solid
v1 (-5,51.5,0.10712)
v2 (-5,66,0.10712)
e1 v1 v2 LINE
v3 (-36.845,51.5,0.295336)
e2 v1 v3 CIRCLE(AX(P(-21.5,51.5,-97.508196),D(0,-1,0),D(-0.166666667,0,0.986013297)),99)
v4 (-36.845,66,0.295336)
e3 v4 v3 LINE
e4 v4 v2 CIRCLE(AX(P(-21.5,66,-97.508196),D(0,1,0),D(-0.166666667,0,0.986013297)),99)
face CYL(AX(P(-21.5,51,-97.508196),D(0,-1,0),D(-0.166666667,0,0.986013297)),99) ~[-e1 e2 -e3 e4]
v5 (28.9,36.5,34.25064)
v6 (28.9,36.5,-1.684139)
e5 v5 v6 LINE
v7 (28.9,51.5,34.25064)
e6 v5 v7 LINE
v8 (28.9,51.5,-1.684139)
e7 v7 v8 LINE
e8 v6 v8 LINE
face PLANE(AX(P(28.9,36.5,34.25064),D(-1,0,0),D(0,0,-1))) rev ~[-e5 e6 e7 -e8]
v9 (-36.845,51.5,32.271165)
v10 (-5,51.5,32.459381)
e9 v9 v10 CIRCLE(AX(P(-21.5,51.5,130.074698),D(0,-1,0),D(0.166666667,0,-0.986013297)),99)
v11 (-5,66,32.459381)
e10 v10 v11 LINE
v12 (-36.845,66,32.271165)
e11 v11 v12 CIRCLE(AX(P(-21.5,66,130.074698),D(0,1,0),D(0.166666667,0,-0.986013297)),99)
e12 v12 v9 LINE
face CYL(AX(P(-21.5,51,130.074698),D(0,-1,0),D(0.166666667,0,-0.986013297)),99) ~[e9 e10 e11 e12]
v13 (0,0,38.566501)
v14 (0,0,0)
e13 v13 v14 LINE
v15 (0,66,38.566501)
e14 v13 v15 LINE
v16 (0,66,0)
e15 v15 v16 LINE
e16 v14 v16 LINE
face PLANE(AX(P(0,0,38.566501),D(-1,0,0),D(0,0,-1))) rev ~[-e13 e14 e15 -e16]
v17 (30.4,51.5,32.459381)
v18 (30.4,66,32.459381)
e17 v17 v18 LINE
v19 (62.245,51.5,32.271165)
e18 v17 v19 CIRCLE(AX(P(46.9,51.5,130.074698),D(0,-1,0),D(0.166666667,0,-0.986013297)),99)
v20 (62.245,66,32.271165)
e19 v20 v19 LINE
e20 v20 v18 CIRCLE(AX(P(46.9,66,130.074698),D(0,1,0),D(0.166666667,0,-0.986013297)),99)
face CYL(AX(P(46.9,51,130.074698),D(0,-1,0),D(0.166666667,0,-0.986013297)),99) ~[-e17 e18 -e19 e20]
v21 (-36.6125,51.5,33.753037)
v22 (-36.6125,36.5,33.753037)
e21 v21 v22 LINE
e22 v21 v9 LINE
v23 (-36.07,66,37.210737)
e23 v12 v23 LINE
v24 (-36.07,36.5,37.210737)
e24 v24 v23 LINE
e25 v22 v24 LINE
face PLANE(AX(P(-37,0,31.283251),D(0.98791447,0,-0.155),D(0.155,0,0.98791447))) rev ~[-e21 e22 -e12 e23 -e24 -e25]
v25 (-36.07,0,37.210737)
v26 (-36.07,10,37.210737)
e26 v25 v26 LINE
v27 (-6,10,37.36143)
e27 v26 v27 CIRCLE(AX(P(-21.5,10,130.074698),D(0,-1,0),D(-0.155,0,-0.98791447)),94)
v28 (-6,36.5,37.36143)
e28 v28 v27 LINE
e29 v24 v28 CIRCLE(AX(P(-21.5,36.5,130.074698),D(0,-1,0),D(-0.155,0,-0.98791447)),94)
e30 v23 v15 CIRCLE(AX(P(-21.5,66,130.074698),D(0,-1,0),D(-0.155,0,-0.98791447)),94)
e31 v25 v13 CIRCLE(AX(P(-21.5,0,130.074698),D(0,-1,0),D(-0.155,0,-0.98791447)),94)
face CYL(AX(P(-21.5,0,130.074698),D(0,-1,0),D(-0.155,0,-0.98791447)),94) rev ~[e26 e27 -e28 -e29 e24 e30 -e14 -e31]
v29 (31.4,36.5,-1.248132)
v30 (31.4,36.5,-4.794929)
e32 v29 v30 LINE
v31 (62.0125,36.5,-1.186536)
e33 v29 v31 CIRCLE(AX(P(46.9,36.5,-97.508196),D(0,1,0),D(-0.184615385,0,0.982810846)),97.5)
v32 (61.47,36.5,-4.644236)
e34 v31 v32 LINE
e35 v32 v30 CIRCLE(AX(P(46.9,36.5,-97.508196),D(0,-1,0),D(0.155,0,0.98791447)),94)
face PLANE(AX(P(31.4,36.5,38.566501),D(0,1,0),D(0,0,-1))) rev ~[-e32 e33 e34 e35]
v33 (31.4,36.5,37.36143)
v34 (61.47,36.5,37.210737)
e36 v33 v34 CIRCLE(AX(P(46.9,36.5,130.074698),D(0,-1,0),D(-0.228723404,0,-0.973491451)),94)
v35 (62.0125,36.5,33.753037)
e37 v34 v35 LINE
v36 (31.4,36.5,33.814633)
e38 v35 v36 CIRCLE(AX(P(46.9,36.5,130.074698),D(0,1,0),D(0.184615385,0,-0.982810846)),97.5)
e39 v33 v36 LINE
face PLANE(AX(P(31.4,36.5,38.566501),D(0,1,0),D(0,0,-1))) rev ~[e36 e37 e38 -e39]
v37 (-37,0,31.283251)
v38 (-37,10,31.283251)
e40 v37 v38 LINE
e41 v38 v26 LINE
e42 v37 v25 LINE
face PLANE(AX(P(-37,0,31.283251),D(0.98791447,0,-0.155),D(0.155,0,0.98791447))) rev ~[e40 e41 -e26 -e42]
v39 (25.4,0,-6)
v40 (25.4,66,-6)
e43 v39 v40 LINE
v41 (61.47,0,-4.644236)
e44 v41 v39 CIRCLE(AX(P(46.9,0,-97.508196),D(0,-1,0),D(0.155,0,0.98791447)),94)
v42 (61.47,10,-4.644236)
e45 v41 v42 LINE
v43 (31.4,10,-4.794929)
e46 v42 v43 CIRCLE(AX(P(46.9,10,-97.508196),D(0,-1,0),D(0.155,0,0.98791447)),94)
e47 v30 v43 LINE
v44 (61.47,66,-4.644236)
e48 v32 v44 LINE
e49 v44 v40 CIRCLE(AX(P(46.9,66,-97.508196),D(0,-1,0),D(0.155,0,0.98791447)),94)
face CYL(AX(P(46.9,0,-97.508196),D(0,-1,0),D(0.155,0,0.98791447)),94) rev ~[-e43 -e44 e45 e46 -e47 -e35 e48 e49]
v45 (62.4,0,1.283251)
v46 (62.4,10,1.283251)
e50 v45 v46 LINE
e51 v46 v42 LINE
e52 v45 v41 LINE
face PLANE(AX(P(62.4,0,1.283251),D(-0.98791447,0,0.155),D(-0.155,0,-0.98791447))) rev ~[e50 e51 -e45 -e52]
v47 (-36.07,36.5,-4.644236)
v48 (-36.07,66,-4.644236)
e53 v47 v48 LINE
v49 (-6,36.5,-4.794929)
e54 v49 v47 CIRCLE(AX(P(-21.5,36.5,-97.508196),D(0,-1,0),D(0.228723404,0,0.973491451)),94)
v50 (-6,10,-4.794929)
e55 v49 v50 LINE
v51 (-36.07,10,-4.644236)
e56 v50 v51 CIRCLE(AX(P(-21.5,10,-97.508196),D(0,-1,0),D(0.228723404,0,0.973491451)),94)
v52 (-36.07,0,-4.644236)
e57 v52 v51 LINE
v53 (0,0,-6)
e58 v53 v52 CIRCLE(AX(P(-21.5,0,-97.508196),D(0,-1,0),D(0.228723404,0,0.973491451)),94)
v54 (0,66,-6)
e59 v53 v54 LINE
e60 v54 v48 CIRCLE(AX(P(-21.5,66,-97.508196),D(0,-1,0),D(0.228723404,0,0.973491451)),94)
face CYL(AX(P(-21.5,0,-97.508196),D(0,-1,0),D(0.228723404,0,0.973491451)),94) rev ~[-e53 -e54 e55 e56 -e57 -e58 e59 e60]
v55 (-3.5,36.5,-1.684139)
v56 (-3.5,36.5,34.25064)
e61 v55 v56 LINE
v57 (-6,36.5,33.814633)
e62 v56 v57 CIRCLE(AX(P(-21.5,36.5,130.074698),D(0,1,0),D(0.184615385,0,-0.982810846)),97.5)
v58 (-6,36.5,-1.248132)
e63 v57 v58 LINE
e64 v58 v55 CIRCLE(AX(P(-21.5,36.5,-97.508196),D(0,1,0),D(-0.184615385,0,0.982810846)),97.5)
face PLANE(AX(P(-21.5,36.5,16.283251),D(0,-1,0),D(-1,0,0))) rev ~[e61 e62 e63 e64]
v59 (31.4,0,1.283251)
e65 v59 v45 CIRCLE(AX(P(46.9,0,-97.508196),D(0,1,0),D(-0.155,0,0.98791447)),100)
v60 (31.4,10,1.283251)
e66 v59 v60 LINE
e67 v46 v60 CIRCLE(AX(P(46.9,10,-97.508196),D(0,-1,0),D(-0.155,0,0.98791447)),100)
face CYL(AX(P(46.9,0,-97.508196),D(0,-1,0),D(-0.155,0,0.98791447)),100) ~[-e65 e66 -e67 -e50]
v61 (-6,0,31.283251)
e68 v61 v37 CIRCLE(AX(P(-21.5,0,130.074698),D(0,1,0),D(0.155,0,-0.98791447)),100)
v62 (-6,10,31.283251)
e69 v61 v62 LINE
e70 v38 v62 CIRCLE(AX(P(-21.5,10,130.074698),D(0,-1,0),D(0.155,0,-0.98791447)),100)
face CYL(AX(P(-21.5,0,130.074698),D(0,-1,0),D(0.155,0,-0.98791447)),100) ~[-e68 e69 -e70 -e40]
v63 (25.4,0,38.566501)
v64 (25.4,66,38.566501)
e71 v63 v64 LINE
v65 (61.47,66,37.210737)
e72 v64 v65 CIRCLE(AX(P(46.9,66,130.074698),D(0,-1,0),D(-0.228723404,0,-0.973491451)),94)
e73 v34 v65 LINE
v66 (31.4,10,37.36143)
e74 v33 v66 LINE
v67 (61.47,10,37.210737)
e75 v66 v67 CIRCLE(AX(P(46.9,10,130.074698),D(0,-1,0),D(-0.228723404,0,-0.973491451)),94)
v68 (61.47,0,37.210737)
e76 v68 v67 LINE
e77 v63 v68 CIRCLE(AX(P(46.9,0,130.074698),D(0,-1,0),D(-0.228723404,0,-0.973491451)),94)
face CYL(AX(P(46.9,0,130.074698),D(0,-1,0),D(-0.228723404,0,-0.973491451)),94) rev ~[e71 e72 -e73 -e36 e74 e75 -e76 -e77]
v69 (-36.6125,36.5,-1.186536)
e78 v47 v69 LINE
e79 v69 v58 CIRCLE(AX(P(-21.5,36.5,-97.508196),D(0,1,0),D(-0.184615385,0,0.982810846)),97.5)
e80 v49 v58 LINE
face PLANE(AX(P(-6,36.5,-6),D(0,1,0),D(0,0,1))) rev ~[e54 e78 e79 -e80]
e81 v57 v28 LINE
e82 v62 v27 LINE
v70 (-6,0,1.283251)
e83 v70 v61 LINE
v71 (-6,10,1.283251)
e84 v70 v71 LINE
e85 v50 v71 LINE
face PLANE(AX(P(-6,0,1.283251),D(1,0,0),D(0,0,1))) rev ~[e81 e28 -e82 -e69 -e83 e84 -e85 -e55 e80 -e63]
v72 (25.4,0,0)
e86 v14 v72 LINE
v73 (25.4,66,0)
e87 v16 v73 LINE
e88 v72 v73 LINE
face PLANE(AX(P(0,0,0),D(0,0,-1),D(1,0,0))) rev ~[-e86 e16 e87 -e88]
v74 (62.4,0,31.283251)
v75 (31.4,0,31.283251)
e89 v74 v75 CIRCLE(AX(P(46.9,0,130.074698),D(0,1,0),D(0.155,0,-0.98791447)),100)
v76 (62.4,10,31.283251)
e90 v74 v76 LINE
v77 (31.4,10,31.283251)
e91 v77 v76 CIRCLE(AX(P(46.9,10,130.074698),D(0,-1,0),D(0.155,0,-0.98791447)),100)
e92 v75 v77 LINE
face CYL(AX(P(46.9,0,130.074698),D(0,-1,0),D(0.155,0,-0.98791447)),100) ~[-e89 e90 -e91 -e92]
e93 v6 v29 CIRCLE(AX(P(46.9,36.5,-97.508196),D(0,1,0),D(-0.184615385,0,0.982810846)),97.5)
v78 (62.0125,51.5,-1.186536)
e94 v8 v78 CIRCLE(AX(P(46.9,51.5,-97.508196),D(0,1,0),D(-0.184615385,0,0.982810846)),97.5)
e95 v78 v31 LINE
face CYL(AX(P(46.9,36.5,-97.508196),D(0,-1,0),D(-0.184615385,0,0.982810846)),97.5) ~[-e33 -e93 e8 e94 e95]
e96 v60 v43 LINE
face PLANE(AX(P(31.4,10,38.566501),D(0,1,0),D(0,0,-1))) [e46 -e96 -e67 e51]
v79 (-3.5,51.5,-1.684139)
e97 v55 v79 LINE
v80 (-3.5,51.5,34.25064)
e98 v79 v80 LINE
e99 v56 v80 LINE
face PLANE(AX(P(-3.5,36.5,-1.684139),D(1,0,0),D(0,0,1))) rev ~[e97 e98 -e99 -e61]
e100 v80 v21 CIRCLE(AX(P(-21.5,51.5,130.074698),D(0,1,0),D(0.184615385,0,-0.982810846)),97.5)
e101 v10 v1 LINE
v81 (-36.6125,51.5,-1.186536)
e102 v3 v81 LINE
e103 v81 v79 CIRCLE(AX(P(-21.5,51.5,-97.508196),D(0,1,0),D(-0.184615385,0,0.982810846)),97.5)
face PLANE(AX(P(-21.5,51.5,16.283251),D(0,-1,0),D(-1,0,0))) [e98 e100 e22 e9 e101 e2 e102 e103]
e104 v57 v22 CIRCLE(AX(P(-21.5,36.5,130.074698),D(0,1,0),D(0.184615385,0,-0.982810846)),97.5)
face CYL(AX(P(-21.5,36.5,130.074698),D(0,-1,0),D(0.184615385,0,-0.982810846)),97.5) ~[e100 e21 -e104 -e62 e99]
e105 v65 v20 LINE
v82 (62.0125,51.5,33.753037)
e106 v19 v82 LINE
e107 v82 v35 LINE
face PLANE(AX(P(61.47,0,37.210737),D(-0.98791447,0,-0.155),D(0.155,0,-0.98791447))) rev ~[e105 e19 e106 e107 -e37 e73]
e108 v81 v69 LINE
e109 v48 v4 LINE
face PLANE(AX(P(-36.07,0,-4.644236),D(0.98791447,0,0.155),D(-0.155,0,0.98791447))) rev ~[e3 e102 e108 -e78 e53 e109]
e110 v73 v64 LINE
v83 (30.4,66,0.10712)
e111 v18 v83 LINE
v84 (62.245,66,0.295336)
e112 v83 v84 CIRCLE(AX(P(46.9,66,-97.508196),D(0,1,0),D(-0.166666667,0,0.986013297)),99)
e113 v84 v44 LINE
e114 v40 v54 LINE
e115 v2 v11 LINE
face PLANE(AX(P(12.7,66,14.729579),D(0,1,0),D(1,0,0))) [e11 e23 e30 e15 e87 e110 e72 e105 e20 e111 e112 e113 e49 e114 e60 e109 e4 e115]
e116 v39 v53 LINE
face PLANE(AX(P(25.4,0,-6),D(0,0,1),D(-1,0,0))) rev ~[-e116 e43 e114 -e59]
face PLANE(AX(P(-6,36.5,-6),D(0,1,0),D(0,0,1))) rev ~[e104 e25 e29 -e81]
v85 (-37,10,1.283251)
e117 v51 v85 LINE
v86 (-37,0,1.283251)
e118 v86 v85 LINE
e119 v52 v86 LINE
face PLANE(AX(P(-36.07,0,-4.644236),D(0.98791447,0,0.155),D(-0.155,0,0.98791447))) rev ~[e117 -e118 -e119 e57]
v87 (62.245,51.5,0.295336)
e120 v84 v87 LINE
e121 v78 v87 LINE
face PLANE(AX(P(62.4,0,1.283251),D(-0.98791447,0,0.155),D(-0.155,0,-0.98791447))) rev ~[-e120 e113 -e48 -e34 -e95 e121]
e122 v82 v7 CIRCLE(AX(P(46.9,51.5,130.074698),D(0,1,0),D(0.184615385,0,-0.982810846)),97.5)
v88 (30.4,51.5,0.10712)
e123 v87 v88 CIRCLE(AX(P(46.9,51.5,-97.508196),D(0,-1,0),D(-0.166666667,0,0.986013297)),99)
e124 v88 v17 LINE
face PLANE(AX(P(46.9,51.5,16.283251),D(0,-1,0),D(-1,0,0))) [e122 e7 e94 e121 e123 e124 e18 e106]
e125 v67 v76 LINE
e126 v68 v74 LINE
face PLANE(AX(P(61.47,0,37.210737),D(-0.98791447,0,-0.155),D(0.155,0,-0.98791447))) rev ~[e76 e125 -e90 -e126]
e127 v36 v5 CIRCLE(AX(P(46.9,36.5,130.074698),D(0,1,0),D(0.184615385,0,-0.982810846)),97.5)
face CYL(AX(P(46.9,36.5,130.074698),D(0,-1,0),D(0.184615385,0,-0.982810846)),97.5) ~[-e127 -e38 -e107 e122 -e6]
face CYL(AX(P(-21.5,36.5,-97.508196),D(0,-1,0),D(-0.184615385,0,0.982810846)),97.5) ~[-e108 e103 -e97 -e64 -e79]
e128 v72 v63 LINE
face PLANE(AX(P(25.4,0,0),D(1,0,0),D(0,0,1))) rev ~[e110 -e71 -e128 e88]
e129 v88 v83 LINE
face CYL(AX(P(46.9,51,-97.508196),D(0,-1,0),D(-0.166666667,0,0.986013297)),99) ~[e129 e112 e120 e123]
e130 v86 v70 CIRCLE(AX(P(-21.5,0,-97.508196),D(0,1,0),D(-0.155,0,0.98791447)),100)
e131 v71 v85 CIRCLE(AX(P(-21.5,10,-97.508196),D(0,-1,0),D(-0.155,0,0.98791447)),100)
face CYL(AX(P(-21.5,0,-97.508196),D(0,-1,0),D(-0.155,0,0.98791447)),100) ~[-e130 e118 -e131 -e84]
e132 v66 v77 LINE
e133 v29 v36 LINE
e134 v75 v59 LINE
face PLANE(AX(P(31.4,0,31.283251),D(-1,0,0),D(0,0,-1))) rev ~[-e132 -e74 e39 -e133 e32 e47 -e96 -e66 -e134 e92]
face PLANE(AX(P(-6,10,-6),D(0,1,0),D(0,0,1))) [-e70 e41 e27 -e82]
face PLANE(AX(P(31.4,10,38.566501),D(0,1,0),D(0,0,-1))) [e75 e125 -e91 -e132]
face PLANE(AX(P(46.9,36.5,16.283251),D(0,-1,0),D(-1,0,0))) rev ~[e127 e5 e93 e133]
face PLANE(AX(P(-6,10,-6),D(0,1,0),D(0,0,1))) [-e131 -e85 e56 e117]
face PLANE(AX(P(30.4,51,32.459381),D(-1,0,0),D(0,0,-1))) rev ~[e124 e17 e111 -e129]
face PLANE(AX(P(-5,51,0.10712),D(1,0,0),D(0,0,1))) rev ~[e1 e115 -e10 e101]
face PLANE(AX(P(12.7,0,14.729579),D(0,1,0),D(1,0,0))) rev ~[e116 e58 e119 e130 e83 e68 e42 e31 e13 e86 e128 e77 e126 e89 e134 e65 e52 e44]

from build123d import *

# Parameters (mm, degrees)
BOSS_EXTRUDE1_DEPTH = 66
CUT_EXTRUDE1_START  = -15
CUT_EXTRUDE1_DEPTH  = 15
CUT_EXTRUDE2_START  = -14.5
CUT_EXTRUDE2_DEPTH  = 15
SKETCH4_W           = 44.566501288
SKETCH4_H           = 26.5
CUT_EXTRUDE3_DEPTH  = 103.576483765
SKETCH5_W           = 44.566501288
SKETCH5_H           = 26.5
CUT_EXTRUDE4_DEPTH  = 103.576483765


with BuildPart() as part:
    # Sketch1 → Boss-Extrude1 (new body)
    with BuildSketch(Plane(origin=(0, 0, 0), x_dir=(1, 0, 0), z_dir=(0, 1, 0))):
        with BuildLine():
            Line((-6, -1.283250644), (-6, -31.283250644))
            ThreePointArc((-6, -31.283250644), (-21.5, -30.074697642), (-37, -31.283250644))
            Line((-37, -31.283250644), (-36.07, -37.210737464))
            ThreePointArc((-36.07, -37.210737464), (-17.969313256, -36.14102822), (0, -38.566501288))
            Line((0, -38.566501288), (0, 0))
            Line((0, 0), (25.4, 0))
            Line((25.4, 0), (25.4, -38.566501288))
            ThreePointArc((25.4, -38.566501288), (43.369313256, -36.14102822), (61.47, -37.210737464))
            Line((61.47, -37.210737464), (62.4, -31.283250644))
            ThreePointArc((62.4, -31.283250644), (46.9, -30.074697642), (31.4, -31.283250644))
            Line((31.4, -31.283250644), (31.4, -1.283250644))
            ThreePointArc((31.4, -1.283250644), (46.9, -2.491803646), (62.4, -1.283250644))
            Line((62.4, -1.283250644), (61.47, 4.644236176))
            ThreePointArc((61.47, 4.644236176), (43.369313256, 3.574526932), (25.4, 6))
            Line((25.4, 6), (0, 6))
            ThreePointArc((0, 6), (-17.969313256, 3.574526932), (-36.07, 4.644236176))
            Line((-36.07, 4.644236176), (-37, -1.283250644))
            ThreePointArc((-37, -1.283250644), (-21.5, -2.491803646), (-6, -1.283250644))
        make_face()
    extrude(amount=BOSS_EXTRUDE1_DEPTH)

    # Sketch2 → Cut-Extrude1 (cut)
    # profile 1 of 2: a face of its own
    with BuildSketch(Plane(origin=(0, 66, 0), x_dir=(1, 0, 0), z_dir=(0, 1, 0)).offset(CUT_EXTRUDE1_START)):
        with BuildLine():
            Line((-5, -0.107120067), (-5, -32.459381221))
            ThreePointArc((-5, -32.459381221), (-21.5, -31.074697642), (-38, -32.459381221))
            Line((-38, -32.459381221), (-38, -0.107120067))
            ThreePointArc((-38, -0.107120067), (-21.5, -1.491803646), (-5, -0.107120067))
        make_face()
        with BuildLine():
            Line((-6, -1.283250644), (-6, -31.283250644))
            ThreePointArc((-6, -31.283250644), (-21.5, -30.074697642), (-37, -31.283250644))
            Line((-37, -31.283250644), (-37, -1.283250644))
            ThreePointArc((-37, -1.283250644), (-21.5, -2.491803646), (-6, -1.283250644))
        make_face(mode=Mode.SUBTRACT)
    # profile 2 of 2: a face of its own
    with BuildSketch(Plane(origin=(0, 66, 0), x_dir=(1, 0, 0), z_dir=(0, 1, 0)).offset(CUT_EXTRUDE1_START)):
        with BuildLine():
            Line((63.4, -0.107120067), (63.4, -32.459381221))
            ThreePointArc((63.4, -32.459381221), (46.9, -31.074697642), (30.4, -32.459381221))
            Line((30.4, -32.459381221), (30.4, -0.107120067))
            ThreePointArc((30.4, -0.107120067), (46.9, -1.491803646), (63.4, -0.107120067))
        make_face()
        with BuildLine():
            Line((31.4, -1.283250644), (31.4, -31.283250644))
            ThreePointArc((31.4, -31.283250644), (46.9, -30.074697642), (62.4, -31.283250644))
            Line((62.4, -31.283250644), (62.4, -1.283250644))
            ThreePointArc((62.4, -1.283250644), (46.9, -2.491803646), (31.4, -1.283250644))
        make_face(mode=Mode.SUBTRACT)
    extrude(amount=CUT_EXTRUDE1_DEPTH, mode=Mode.SUBTRACT)

    # Sketch3 → Cut-Extrude2 (cut)
    # profile 1 of 2: a face of its own
    with BuildSketch(Plane(origin=(0, 51, 0), x_dir=(1, 0, 0), z_dir=(0, 1, 0)).offset(CUT_EXTRUDE2_START)):
        with BuildLine():
            Line((-3.5, 1.684138832), (-3.5, -34.25064012))
            ThreePointArc((-3.5, -34.25064012), (-21.5, -32.574697642), (-39.5, -34.25064012))
            Line((-39.5, -34.25064012), (-39.5, 1.684138832))
            ThreePointArc((-39.5, 1.684138832), (-21.5, 0.008196354), (-3.5, 1.684138832))
        make_face()
        with BuildLine():
            Line((-37, -1.283250644), (-37, -31.283250644))
            ThreePointArc((-37, -31.283250644), (-21.5, -30.074697642), (-6, -31.283250644))
            Line((-6, -31.283250644), (-6, -1.283250644))
            ThreePointArc((-6, -1.283250644), (-21.5, -2.491803646), (-37, -1.283250644))
        make_face(mode=Mode.SUBTRACT)
    # profile 2 of 2: a face of its own
    with BuildSketch(Plane(origin=(0, 51, 0), x_dir=(1, 0, 0), z_dir=(0, 1, 0)).offset(CUT_EXTRUDE2_START)):
        with BuildLine():
            Line((64.9, 1.684138832), (64.9, -34.25064012))
            ThreePointArc((64.9, -34.25064012), (46.9, -32.574697642), (28.9, -34.25064012))
            Line((28.9, -34.25064012), (28.9, 1.684138832))
            ThreePointArc((28.9, 1.684138832), (46.9, 0.008196354), (64.9, 1.684138832))
        make_face()
        with BuildLine():
            Line((31.4, -1.283250644), (31.4, -31.283250644))
            ThreePointArc((31.4, -31.283250644), (46.9, -30.074697642), (62.4, -31.283250644))
            Line((62.4, -31.283250644), (62.4, -1.283250644))
            ThreePointArc((62.4, -1.283250644), (46.9, -2.491803646), (31.4, -1.283250644))
        make_face(mode=Mode.SUBTRACT)
    extrude(amount=CUT_EXTRUDE2_DEPTH, mode=Mode.SUBTRACT)

    # Sketch4 → Cut-Extrude3 (cut, through all)
    with BuildSketch(Plane.ZY.offset(6)):
        with Locations((16.283250644, 23.25)):
            Rectangle(SKETCH4_W, SKETCH4_H)
    extrude(amount=CUT_EXTRUDE3_DEPTH, mode=Mode.SUBTRACT)

    # Sketch5 → Cut-Extrude4 (cut, through all)
    with BuildSketch(Plane(origin=(31.4, 0, 0), x_dir=(0, 0, -1), z_dir=(1, 0, 0))):
        with Locations((-16.283250644, 23.25)):
            Rectangle(SKETCH5_W, SKETCH5_H)
    extrude(amount=CUT_EXTRUDE4_DEPTH, mode=Mode.SUBTRACT)


solid = part.part
